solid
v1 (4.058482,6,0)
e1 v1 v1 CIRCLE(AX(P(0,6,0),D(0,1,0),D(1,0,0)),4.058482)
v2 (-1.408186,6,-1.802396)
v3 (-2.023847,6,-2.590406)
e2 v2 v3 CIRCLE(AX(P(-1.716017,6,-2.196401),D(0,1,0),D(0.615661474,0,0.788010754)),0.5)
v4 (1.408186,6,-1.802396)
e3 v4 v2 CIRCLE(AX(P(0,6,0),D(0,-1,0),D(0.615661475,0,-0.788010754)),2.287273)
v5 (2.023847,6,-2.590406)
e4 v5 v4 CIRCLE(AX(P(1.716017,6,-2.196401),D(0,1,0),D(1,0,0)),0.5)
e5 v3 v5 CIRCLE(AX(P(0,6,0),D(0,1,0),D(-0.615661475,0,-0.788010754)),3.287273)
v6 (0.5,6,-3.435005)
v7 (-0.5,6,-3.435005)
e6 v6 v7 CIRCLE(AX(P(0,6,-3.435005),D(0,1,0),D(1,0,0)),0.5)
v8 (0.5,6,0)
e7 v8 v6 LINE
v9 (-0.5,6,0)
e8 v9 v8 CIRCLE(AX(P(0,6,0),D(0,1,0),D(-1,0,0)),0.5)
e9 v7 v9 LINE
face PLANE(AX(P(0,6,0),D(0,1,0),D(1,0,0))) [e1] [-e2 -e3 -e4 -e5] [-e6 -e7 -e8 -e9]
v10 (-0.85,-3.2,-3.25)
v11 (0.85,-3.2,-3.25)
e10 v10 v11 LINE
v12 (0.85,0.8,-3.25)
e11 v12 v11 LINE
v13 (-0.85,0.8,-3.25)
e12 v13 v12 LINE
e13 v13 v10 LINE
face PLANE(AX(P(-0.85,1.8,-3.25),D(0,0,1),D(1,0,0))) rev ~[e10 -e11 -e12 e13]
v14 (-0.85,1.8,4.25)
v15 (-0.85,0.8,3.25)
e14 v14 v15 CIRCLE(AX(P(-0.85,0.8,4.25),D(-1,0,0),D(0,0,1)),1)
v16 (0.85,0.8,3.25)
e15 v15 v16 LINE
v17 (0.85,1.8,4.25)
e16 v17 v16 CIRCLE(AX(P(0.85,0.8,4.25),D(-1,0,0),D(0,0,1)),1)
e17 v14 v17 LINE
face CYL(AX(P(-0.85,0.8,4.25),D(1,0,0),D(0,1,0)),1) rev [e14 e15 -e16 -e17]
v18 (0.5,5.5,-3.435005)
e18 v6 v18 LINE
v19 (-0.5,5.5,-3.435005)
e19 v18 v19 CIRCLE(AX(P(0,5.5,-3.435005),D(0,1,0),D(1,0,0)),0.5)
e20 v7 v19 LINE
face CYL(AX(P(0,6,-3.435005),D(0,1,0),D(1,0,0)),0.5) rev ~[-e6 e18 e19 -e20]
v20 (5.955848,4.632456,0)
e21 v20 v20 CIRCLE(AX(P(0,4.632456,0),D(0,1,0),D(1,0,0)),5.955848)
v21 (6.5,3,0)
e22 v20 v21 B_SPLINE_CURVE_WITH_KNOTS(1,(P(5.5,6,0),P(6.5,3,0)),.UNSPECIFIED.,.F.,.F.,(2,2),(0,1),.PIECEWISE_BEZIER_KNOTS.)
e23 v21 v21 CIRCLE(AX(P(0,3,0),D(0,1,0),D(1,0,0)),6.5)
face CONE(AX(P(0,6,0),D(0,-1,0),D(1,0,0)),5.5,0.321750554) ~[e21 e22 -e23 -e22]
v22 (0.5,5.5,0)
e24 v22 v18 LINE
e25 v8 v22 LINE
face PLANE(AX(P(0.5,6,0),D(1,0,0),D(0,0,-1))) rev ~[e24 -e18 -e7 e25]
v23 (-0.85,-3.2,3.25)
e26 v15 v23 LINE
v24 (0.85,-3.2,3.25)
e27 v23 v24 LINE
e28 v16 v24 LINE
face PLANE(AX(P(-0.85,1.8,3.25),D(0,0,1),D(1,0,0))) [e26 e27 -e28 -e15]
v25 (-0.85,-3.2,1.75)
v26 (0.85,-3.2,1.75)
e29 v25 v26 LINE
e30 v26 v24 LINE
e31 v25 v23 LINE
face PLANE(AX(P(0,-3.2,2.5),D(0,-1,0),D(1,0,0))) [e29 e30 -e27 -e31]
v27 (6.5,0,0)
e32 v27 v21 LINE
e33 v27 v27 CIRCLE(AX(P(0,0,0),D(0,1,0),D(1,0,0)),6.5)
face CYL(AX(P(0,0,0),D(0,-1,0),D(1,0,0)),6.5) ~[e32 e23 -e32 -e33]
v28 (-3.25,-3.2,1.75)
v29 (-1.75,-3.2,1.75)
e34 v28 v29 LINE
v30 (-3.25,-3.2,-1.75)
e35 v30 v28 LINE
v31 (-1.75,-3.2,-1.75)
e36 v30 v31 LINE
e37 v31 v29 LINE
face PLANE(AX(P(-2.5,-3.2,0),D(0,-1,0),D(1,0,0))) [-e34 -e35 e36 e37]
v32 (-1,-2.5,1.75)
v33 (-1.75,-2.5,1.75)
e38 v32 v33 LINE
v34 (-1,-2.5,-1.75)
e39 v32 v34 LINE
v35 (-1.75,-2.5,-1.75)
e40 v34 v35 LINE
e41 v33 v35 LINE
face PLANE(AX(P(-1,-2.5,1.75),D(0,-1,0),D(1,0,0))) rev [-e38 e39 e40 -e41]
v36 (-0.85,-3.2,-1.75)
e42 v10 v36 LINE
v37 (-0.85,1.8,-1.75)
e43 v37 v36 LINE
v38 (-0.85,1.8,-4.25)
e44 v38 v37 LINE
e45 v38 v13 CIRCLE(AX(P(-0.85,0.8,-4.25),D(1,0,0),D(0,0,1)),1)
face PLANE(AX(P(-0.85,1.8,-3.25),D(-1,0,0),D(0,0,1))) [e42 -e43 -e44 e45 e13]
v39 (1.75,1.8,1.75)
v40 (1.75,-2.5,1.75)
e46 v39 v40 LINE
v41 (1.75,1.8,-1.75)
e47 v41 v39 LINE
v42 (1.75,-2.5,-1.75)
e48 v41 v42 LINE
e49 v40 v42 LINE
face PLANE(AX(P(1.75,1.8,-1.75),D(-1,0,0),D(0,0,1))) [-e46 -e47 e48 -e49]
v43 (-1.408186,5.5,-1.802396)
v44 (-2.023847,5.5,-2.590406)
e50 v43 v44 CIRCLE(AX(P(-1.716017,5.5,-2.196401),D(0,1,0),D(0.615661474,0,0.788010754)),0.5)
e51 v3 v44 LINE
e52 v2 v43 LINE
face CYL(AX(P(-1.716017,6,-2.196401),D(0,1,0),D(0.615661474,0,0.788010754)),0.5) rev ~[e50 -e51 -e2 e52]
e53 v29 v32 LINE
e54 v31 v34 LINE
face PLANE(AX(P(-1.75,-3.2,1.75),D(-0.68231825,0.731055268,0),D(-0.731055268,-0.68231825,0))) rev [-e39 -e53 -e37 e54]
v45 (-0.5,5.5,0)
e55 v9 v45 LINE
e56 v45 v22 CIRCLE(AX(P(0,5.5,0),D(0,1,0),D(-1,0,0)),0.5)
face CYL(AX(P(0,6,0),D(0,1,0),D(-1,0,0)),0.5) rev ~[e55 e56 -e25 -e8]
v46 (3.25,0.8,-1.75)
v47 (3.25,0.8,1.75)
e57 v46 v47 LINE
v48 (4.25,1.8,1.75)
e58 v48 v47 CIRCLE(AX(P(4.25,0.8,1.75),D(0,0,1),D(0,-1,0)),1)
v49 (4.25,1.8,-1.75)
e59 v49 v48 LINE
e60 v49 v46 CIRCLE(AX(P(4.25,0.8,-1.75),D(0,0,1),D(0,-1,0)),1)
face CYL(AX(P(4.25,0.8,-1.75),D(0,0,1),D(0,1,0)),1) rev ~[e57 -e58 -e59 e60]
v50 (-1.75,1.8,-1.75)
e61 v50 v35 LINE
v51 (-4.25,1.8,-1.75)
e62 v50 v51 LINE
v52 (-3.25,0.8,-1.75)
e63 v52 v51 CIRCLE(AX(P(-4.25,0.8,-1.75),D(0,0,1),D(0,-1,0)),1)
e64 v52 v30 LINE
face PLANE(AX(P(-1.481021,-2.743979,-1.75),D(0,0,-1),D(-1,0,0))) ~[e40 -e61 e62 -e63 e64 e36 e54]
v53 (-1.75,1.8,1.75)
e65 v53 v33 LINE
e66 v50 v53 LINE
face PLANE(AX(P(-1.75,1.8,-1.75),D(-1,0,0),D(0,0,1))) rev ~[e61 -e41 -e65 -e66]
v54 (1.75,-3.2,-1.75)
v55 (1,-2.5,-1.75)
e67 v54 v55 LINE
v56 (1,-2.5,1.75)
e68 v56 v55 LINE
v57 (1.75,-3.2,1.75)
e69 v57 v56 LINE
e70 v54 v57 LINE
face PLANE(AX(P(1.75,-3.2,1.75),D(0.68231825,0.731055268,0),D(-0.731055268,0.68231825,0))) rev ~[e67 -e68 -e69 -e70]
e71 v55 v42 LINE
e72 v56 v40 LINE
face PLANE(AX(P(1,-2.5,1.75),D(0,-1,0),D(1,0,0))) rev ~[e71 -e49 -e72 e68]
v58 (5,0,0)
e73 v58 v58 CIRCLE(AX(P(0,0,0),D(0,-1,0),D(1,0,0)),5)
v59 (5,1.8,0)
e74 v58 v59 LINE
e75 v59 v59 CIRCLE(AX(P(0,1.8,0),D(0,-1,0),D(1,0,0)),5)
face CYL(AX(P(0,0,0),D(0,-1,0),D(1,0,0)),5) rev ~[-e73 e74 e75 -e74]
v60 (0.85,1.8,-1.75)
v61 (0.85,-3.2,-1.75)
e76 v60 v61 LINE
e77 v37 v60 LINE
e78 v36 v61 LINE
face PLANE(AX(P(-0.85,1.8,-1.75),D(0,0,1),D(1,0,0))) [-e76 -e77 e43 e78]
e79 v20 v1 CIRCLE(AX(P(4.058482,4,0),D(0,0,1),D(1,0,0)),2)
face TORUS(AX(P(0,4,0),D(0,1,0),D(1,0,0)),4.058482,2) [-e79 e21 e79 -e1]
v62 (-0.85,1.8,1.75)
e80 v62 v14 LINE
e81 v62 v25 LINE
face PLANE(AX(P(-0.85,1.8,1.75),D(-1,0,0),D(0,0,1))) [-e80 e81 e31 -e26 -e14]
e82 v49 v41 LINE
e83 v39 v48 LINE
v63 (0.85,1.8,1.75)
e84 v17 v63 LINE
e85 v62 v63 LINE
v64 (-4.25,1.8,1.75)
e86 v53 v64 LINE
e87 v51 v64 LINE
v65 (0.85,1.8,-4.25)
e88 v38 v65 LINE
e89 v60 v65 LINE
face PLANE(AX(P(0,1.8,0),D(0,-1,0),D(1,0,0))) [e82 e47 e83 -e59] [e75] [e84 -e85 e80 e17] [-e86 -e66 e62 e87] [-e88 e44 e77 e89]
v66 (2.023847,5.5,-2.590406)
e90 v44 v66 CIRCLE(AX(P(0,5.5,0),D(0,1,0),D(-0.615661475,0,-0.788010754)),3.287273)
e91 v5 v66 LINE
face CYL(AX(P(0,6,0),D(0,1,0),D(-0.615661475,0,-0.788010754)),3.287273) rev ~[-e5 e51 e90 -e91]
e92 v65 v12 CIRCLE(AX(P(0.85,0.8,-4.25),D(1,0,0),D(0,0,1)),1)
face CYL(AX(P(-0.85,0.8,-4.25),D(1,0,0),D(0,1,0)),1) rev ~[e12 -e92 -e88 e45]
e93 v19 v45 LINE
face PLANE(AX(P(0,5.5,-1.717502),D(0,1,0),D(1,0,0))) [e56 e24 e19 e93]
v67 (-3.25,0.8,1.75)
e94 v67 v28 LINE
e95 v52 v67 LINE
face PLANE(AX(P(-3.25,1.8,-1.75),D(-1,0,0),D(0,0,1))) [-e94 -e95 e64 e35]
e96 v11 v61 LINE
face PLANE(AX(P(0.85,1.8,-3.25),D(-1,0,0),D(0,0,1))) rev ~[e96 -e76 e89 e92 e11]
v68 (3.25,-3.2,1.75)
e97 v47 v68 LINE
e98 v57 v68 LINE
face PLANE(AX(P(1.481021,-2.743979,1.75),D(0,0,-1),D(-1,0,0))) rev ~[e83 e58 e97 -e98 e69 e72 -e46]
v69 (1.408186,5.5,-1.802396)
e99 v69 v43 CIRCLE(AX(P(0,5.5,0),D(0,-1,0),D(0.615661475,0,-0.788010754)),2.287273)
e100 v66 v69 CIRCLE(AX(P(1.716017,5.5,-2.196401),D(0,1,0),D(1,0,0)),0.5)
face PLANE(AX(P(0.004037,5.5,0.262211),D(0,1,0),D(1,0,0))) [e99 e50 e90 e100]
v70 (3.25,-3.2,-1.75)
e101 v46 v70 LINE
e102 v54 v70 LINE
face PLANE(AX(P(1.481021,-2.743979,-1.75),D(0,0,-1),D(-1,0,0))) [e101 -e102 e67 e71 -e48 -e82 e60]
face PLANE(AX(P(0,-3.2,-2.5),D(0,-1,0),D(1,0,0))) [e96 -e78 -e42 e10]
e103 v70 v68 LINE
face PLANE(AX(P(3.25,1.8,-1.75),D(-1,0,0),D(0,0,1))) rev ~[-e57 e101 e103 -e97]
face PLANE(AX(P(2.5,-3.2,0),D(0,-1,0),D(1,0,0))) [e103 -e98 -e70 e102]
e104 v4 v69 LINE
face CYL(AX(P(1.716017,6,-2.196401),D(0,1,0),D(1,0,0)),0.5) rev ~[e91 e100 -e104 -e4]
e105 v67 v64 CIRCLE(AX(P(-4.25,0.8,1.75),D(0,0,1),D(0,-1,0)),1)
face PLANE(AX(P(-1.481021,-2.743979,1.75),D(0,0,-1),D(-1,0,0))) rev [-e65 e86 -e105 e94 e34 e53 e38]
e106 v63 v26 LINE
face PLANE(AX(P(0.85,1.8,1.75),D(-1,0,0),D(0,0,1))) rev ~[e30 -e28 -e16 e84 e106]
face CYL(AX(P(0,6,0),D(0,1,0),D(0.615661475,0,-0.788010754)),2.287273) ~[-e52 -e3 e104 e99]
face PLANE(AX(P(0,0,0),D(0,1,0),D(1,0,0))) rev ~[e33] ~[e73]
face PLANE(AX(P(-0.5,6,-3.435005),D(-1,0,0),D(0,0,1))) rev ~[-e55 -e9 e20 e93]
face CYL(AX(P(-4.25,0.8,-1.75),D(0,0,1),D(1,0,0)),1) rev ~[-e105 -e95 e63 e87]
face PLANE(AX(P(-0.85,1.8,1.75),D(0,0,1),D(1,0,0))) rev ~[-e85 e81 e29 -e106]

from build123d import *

# Parameters (mm, degrees)
SKETCH1_R           = 6.5
BOSS_EXTRUDE1_DEPTH = 3
SKETCH2_R           = 5.5
FILLET1_R           = 2
SKETCH3_R           = 0.5
CUT_EXTRUDE1_DEPTH  = 0.5
SKETCH4_R           = 5
CUT_EXTRUDE2_DEPTH  = 1.8
SKETCH5_W           = 1.5
SKETCH5_H           = 3.5
SKETCH5_W_2         = 1.7
SKETCH5_H_2         = 1.5
BOSS_EXTRUDE3_DEPTH = 5
BOSS_EXTRUDE4_DEPTH = 3.5
FILLET2_R           = 1


with BuildPart() as part:
    # Sketch1 → Boss-Extrude1 (new body)
    with BuildSketch(Plane(origin=(0, 0, 0), x_dir=(1, 0, 0), z_dir=(0, 1, 0))):
        Circle(SKETCH1_R)
    extrude(amount=BOSS_EXTRUDE1_DEPTH)

    # Sketch2 → section 0 of loft1
    with BuildSketch(Plane(origin=(0, 6, 0), x_dir=(1, 0, 0), z_dir=(0, 1, 0)), mode=Mode.PRIVATE) as loft1_s0:
        Circle(SKETCH2_R)
    # loft up to a face of the part (loft1)
    loft([loft1_s0.sketch, part.faces().sort_by_distance((0, 3, 0))[0]])

    # Fillet1
    fillet1_edges = [part.edges().sort_by_distance(p)[0] for p in [
        (-5.5, 6, 0),
    ]]
    fillet(fillet1_edges, radius=FILLET1_R)

    # Sketch3 → Cut-Extrude1 (cut)
    with BuildSketch(Plane(origin=(0, 6, 0), x_dir=(1, 0, 0), z_dir=(0, 1, 0))):
        with BuildLine():
            Line((0.5, 0), (0.5, 3.435004881))
            ThreePointArc((0.5, 3.435004881), (0, 3.935004881), (-0.5, 3.435004881))
            Line((-0.5, 3.435004881), (-0.5, 0))
            ThreePointArc((-0.5, 0), (0, -0.5), (0.5, 0))
        make_face()
        with BuildLine():
            ThreePointArc((-1.408185783, 1.802395609), (-2.110021897, 1.888570248), (-2.023847258, 2.590406363))
            ThreePointArc((-2.023847258, 2.590406363), (0, -3.287272859), (2.023847258, 2.590406363))
            ThreePointArc((2.023847258, 2.590406363), (2.165413544, 2.415586559), (2.21601652, 2.196400986))
            ThreePointArc((2.21601652, 2.196400986), (1.935202094, 1.747003963), (1.408185783, 1.802395609))
            ThreePointArc((1.408185783, 1.802395609), (0, -2.287272859), (-1.408185783, 1.802395609))
        make_face()
        with Locations((1.71601652, 2.196400986)):
            Circle(SKETCH3_R)
        with Locations((-1.71601652, 2.196400986)):
            Circle(SKETCH3_R)
    extrude(amount=-CUT_EXTRUDE1_DEPTH, mode=Mode.SUBTRACT)

    # Sketch4 → Cut-Extrude2 (cut)
    with BuildSketch(Plane.XZ):
        Circle(SKETCH4_R)
    extrude(amount=-CUT_EXTRUDE2_DEPTH, mode=Mode.SUBTRACT)

    # Sketch5 → Boss-Extrude3 (add)
    with BuildSketch(Plane.XZ.offset(-1.8)):
        with Locations((2.5, 0)):
            Rectangle(SKETCH5_W, SKETCH5_H)
        with Locations((0, -2.5)):
            Rectangle(SKETCH5_W_2, SKETCH5_H_2)
        with Locations((-2.5, 0)):
            Rectangle(SKETCH5_W, SKETCH5_H)
        with Locations((0, 2.5)):
            Rectangle(SKETCH5_W_2, SKETCH5_H_2)
    extrude(amount=BOSS_EXTRUDE3_DEPTH)

    # Sketch6 → Boss-Extrude4 (add)
    with BuildSketch(Plane.XY.offset(1.75)):
        Polygon((1.75, -3.2), (1, -2.5), (1.75, -2.5), align=None)
    boss_extrude4 = extrude(amount=-BOSS_EXTRUDE4_DEPTH)

    # Mirror1: Boss-Extrude4 across plane
    add(boss_extrude4.mirror(Plane(origin=(0, 0, 0), x_dir=(0, 0, 1), z_dir=(1, 0, 0))))

    # Fillet2
    fillet2_edges = [part.edges().sort_by_distance(p)[0] for p in [
        (3.25, 1.8, 0),
        (0, 1.8, -3.25),
        (-3.25, 1.8, 0),
        (0, 1.8, 3.25),
    ]]
    fillet(fillet2_edges, radius=FILLET2_R)


solid = part.part
